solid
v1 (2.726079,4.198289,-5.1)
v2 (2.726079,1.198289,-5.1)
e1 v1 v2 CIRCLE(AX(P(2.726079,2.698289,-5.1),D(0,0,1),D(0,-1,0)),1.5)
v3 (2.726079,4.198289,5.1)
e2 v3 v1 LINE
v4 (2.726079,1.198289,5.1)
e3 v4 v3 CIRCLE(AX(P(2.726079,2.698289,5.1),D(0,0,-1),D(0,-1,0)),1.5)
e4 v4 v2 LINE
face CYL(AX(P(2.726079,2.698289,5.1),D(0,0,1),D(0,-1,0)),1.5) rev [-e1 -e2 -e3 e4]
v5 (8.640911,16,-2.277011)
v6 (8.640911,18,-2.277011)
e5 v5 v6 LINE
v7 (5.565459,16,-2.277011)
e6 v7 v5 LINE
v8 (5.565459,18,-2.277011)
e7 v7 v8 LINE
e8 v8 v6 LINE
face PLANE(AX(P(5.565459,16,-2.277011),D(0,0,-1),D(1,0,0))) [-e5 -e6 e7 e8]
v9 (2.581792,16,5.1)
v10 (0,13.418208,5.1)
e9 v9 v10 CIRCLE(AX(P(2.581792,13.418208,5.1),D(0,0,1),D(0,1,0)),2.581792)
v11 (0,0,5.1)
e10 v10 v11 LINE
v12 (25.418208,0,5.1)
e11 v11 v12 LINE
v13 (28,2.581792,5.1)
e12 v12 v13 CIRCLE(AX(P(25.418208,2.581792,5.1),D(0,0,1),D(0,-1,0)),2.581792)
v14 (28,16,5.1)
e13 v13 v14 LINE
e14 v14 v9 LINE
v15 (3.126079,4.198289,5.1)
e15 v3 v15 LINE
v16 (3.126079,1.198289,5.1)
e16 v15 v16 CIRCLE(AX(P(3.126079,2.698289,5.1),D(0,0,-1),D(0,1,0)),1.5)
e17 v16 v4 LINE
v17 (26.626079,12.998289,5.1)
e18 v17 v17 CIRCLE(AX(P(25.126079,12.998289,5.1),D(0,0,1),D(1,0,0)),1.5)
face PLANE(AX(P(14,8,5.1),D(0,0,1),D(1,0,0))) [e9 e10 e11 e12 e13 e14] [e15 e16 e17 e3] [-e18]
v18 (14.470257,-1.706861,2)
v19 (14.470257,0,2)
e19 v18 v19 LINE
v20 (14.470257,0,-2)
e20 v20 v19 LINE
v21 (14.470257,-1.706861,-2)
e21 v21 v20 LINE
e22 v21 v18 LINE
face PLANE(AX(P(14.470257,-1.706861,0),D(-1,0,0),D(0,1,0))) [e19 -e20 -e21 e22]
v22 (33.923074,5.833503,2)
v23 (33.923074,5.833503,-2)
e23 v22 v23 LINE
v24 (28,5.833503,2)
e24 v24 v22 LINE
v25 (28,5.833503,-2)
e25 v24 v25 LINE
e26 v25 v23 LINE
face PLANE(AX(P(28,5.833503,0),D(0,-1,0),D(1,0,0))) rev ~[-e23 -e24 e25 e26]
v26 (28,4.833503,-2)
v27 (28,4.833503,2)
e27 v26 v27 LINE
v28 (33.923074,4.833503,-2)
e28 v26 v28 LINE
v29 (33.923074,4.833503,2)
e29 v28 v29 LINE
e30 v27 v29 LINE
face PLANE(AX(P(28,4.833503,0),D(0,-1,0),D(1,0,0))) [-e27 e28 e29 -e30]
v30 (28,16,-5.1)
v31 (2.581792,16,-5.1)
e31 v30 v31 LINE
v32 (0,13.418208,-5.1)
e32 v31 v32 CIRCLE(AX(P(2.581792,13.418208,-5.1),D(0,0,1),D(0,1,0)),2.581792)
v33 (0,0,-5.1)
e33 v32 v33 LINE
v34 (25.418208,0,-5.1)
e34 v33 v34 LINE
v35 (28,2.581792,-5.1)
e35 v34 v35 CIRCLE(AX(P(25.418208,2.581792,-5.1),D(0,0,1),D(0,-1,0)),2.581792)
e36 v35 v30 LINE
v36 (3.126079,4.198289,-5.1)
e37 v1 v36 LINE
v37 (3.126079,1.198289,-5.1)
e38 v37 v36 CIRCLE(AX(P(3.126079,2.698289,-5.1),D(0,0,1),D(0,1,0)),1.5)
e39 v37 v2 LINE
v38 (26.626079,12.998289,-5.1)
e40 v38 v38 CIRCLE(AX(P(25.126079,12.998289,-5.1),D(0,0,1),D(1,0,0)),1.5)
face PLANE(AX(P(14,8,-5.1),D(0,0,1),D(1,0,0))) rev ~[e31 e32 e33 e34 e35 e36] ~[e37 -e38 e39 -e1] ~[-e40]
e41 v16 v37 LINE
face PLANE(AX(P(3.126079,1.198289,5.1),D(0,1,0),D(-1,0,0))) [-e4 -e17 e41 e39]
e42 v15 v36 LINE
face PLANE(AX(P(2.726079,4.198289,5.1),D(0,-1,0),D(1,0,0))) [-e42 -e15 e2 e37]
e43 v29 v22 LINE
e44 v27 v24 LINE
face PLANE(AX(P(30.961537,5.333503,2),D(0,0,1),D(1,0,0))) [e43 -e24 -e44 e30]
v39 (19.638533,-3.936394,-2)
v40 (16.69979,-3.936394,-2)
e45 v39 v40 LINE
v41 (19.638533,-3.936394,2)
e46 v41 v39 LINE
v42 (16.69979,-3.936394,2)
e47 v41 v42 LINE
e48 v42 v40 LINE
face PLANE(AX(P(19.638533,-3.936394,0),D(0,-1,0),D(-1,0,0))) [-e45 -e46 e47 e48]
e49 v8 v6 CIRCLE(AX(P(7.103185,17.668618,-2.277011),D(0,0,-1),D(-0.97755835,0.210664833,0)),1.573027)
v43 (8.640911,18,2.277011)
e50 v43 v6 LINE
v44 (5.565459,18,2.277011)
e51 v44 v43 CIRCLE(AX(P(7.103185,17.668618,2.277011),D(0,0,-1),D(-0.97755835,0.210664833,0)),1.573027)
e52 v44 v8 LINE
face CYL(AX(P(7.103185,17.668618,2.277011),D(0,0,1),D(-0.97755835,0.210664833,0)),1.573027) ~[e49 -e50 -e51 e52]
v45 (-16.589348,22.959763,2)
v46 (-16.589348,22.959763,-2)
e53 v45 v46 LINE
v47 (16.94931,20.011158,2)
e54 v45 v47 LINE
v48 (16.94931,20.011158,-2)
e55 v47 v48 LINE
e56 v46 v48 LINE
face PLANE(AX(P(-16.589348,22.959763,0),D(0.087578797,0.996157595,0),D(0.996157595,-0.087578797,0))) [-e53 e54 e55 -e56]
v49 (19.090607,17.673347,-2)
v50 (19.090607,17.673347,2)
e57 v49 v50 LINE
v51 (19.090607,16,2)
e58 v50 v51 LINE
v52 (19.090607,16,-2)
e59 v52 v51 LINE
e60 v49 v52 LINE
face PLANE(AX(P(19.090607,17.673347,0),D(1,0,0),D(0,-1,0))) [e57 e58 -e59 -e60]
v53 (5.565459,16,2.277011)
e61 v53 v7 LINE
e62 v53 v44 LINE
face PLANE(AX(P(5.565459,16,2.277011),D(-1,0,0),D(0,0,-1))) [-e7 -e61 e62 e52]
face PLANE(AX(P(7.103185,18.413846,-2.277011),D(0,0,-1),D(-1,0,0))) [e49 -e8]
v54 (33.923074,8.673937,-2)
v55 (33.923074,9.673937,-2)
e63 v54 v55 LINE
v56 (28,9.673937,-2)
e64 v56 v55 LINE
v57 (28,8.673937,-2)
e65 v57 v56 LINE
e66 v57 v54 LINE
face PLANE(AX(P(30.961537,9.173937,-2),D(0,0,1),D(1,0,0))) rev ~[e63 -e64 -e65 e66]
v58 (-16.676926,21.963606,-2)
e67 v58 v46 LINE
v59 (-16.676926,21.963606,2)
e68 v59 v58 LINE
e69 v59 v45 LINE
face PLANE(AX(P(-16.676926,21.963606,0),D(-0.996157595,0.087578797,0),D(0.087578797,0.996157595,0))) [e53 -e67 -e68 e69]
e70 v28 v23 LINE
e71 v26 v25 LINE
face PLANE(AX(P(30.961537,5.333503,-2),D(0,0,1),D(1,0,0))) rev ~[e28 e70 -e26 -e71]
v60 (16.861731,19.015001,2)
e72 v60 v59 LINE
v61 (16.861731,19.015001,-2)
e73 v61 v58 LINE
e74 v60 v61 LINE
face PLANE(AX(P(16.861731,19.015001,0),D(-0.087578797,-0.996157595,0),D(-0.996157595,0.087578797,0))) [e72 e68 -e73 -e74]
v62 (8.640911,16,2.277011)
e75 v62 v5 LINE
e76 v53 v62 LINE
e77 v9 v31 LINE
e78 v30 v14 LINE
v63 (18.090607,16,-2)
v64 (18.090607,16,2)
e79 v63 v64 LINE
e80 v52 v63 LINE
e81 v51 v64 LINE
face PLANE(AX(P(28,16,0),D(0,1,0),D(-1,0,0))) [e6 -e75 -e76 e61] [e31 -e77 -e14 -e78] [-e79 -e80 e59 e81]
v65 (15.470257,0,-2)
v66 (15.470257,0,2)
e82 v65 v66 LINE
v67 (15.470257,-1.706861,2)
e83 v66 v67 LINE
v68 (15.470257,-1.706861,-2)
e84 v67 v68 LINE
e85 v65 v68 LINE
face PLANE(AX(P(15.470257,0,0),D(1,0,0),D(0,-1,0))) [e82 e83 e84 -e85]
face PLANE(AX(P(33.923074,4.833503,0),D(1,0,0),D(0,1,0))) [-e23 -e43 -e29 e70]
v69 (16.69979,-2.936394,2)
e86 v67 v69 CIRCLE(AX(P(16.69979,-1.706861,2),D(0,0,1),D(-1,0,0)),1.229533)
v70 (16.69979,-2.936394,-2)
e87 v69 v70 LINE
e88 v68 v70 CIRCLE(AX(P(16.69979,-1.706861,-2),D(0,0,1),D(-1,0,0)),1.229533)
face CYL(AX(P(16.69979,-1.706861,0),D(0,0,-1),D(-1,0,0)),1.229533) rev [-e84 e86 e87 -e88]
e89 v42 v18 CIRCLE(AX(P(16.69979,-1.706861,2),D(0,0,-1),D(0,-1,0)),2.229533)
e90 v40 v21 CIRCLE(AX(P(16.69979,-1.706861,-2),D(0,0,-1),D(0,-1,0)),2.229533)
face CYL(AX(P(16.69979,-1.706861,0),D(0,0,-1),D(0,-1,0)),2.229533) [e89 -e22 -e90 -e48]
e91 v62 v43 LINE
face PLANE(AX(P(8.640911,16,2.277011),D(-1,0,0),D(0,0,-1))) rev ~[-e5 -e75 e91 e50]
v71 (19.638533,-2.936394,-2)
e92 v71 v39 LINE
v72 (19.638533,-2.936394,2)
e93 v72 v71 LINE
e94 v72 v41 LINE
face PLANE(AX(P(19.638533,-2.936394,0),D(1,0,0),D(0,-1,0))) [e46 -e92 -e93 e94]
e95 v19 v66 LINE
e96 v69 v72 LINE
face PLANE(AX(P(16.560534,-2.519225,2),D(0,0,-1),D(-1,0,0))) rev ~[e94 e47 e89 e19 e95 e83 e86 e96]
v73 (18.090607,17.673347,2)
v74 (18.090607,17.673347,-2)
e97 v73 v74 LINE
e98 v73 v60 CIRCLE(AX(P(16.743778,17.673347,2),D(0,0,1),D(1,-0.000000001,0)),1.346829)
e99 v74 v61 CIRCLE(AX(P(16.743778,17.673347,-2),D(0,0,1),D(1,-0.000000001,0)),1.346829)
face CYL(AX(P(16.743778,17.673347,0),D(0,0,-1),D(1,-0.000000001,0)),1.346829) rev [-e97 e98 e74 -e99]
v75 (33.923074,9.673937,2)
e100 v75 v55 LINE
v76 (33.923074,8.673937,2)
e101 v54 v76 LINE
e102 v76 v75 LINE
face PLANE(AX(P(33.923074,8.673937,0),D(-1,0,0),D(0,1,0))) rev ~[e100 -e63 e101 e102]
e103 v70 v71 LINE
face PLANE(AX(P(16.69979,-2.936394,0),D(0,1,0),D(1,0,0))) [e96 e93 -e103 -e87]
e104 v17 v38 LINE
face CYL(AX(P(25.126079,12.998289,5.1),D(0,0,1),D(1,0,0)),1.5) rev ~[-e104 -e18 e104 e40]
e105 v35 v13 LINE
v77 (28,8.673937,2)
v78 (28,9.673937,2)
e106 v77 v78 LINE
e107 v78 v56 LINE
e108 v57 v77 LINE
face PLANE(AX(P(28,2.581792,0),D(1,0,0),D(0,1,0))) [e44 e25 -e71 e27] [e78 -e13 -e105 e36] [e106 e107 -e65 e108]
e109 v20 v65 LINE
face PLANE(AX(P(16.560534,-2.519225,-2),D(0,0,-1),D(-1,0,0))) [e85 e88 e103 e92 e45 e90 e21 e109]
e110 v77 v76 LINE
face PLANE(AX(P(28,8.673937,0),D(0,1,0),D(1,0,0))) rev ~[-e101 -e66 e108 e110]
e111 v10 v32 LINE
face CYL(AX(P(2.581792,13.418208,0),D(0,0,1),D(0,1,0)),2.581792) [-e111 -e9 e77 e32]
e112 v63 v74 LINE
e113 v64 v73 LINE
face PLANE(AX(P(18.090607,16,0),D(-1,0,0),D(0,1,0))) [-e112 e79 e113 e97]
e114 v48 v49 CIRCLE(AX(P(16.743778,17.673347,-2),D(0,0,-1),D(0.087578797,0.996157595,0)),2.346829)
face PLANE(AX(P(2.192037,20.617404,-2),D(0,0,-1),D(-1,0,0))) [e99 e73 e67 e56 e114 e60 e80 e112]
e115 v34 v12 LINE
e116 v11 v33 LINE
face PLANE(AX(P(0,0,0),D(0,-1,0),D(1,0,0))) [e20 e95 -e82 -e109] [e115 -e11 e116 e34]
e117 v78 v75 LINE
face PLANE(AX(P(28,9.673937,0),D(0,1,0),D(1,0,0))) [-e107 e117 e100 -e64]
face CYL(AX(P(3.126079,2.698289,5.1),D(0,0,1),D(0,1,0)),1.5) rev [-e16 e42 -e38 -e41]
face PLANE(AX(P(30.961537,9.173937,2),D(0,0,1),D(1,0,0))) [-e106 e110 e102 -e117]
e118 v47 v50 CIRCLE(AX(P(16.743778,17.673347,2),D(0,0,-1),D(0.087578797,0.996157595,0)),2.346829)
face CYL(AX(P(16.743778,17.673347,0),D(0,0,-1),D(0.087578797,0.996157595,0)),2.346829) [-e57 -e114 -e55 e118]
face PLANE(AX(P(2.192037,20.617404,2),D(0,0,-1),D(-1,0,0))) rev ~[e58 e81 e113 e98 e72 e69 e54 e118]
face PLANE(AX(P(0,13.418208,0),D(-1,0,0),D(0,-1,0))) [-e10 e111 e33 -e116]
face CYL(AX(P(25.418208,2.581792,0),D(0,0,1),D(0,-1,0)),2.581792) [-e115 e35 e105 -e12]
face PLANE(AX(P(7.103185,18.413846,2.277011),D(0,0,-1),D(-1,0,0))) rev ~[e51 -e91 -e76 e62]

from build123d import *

# Parameters (mm, degrees)
BOSS_EXTRUDE1_DEPTH = 5.1
SKETCH2_R           = 1.5
CUT_EXTRUDE1_DEPTH  = 11.2
SKETCH3_W           = 3.075451665
SKETCH3_H           = 4.554021572
BOSS_EXTRUDE2_DEPTH = 2
BOSS_EXTRUDE3_DEPTH = 4.554022
SKETCH5_W           = 5.923073673
SKETCH5_H           = 1
EXTRUDE_THIN1_DEPTH = 2


with BuildPart() as part:
    # Sketch1 → Boss-Extrude1 (new body, symmetric)
    with BuildSketch(Plane.XY):
        with BuildLine():
            Line((0, 0), (25.41820823, 0))
            ThreePointArc((25.41820823, 0), (27.243810698, 0.756189302), (28, 2.58179177))
            Line((28, 2.58179177), (28, 16))
            Line((28, 16), (2.58179177, 16))
            ThreePointArc((2.58179177, 16), (0.756189302, 15.243810698), (0, 13.41820823))
            Line((0, 13.41820823), (0, 0))
        make_face()
    extrude(amount=BOSS_EXTRUDE1_DEPTH, both=True)

    # Sketch2 → Cut-Extrude1 (cut, through all)
    with BuildSketch(Plane.XY.offset(5.1)):
        with Locations((25.126078894, 12.998288548)):
            Circle(SKETCH2_R)
        with BuildLine():
            Line((2.726078894, 4.198288548), (3.126078894, 4.198288548))
            ThreePointArc((3.126078894, 4.198288548), (4.626078894, 2.698288548), (3.126078894, 1.198288548))
            Line((3.126078894, 1.198288548), (2.726078894, 1.198288548))
            ThreePointArc((2.726078894, 1.198288548), (1.226078894, 2.698288548), (2.726078894, 4.198288548))
        make_face()
    extrude(amount=-CUT_EXTRUDE1_DEPTH, mode=Mode.SUBTRACT)

    # Sketch3 → Boss-Extrude2 (add)
    with BuildSketch(Plane(origin=(0, 16, 0), x_dir=(1, 0, 0), z_dir=(0, 1, 0))):
        with Locations((7.103184887, 0)):
            Rectangle(SKETCH3_W, SKETCH3_H)
    extrude(amount=BOSS_EXTRUDE2_DEPTH)

    # Sketch4 → Boss-Extrude3 (add)
    with BuildSketch(Plane(origin=(0, 0, 2.277010786), x_dir=(-1, 0, 0), z_dir=(0, 0, -1))):
        with BuildLine():
            Line((-8.640910719, 18), (-5.565459054, 18))
            ThreePointArc((-5.565459054, 18), (-7.103184886, 19.241645654), (-8.640910719, 18))
        make_face()
    extrude(amount=BOSS_EXTRUDE3_DEPTH)

    # Sketch5 → Extrude-Thin1 (add, symmetric)
    with BuildSketch(Plane.XY):
        with BuildLine():
            Line((18.090606696, 16), (18.090606696, 17.673346876))
            ThreePointArc((18.090606696, 17.673346876), (17.736957385, 18.583040478), (16.861731376, 19.015000796))
            Line((16.861731376, 19.015000796), (-16.676926327, 21.963605838))
            Line((-16.676926327, 21.963605838), (-16.58934753, 22.959763433))
            Line((-16.58934753, 22.959763433), (16.949310173, 20.011158391))
            ThreePointArc((16.949310173, 20.011158391), (18.474378159, 19.258474117), (19.090606696, 17.673346876))
            Line((19.090606696, 17.673346876), (19.090606696, 16))
            Line((19.090606696, 16), (18.090606696, 16))
        make_face()
        with BuildLine():
            Line((15.470256996, 0), (15.470256996, -1.706861363))
            ThreePointArc((15.470256996, -1.706861363), (15.830378815, -2.576272343), (16.699789795, -2.936394162))
            Line((16.699789795, -2.936394162), (19.638532844, -2.936394162))
            Line((19.638532844, -2.936394162), (19.638532844, -3.936394162))
            Line((19.638532844, -3.936394162), (16.699789795, -3.936394162))
            ThreePointArc((16.699789795, -3.936394162), (15.123272034, -3.283379124), (14.470256996, -1.706861363))
            Line((14.470256996, -1.706861363), (14.470256996, 0))
            Line((14.470256996, 0), (15.470256996, 0))
        make_face()
        with Locations((30.961536837, 9.17393674)):
            Rectangle(SKETCH5_W, SKETCH5_H)
        with Locations((30.961536837, 5.333502812)):
            Rectangle(SKETCH5_W, SKETCH5_H)
    extrude(amount=EXTRUDE_THIN1_DEPTH, both=True)


solid = part.part
